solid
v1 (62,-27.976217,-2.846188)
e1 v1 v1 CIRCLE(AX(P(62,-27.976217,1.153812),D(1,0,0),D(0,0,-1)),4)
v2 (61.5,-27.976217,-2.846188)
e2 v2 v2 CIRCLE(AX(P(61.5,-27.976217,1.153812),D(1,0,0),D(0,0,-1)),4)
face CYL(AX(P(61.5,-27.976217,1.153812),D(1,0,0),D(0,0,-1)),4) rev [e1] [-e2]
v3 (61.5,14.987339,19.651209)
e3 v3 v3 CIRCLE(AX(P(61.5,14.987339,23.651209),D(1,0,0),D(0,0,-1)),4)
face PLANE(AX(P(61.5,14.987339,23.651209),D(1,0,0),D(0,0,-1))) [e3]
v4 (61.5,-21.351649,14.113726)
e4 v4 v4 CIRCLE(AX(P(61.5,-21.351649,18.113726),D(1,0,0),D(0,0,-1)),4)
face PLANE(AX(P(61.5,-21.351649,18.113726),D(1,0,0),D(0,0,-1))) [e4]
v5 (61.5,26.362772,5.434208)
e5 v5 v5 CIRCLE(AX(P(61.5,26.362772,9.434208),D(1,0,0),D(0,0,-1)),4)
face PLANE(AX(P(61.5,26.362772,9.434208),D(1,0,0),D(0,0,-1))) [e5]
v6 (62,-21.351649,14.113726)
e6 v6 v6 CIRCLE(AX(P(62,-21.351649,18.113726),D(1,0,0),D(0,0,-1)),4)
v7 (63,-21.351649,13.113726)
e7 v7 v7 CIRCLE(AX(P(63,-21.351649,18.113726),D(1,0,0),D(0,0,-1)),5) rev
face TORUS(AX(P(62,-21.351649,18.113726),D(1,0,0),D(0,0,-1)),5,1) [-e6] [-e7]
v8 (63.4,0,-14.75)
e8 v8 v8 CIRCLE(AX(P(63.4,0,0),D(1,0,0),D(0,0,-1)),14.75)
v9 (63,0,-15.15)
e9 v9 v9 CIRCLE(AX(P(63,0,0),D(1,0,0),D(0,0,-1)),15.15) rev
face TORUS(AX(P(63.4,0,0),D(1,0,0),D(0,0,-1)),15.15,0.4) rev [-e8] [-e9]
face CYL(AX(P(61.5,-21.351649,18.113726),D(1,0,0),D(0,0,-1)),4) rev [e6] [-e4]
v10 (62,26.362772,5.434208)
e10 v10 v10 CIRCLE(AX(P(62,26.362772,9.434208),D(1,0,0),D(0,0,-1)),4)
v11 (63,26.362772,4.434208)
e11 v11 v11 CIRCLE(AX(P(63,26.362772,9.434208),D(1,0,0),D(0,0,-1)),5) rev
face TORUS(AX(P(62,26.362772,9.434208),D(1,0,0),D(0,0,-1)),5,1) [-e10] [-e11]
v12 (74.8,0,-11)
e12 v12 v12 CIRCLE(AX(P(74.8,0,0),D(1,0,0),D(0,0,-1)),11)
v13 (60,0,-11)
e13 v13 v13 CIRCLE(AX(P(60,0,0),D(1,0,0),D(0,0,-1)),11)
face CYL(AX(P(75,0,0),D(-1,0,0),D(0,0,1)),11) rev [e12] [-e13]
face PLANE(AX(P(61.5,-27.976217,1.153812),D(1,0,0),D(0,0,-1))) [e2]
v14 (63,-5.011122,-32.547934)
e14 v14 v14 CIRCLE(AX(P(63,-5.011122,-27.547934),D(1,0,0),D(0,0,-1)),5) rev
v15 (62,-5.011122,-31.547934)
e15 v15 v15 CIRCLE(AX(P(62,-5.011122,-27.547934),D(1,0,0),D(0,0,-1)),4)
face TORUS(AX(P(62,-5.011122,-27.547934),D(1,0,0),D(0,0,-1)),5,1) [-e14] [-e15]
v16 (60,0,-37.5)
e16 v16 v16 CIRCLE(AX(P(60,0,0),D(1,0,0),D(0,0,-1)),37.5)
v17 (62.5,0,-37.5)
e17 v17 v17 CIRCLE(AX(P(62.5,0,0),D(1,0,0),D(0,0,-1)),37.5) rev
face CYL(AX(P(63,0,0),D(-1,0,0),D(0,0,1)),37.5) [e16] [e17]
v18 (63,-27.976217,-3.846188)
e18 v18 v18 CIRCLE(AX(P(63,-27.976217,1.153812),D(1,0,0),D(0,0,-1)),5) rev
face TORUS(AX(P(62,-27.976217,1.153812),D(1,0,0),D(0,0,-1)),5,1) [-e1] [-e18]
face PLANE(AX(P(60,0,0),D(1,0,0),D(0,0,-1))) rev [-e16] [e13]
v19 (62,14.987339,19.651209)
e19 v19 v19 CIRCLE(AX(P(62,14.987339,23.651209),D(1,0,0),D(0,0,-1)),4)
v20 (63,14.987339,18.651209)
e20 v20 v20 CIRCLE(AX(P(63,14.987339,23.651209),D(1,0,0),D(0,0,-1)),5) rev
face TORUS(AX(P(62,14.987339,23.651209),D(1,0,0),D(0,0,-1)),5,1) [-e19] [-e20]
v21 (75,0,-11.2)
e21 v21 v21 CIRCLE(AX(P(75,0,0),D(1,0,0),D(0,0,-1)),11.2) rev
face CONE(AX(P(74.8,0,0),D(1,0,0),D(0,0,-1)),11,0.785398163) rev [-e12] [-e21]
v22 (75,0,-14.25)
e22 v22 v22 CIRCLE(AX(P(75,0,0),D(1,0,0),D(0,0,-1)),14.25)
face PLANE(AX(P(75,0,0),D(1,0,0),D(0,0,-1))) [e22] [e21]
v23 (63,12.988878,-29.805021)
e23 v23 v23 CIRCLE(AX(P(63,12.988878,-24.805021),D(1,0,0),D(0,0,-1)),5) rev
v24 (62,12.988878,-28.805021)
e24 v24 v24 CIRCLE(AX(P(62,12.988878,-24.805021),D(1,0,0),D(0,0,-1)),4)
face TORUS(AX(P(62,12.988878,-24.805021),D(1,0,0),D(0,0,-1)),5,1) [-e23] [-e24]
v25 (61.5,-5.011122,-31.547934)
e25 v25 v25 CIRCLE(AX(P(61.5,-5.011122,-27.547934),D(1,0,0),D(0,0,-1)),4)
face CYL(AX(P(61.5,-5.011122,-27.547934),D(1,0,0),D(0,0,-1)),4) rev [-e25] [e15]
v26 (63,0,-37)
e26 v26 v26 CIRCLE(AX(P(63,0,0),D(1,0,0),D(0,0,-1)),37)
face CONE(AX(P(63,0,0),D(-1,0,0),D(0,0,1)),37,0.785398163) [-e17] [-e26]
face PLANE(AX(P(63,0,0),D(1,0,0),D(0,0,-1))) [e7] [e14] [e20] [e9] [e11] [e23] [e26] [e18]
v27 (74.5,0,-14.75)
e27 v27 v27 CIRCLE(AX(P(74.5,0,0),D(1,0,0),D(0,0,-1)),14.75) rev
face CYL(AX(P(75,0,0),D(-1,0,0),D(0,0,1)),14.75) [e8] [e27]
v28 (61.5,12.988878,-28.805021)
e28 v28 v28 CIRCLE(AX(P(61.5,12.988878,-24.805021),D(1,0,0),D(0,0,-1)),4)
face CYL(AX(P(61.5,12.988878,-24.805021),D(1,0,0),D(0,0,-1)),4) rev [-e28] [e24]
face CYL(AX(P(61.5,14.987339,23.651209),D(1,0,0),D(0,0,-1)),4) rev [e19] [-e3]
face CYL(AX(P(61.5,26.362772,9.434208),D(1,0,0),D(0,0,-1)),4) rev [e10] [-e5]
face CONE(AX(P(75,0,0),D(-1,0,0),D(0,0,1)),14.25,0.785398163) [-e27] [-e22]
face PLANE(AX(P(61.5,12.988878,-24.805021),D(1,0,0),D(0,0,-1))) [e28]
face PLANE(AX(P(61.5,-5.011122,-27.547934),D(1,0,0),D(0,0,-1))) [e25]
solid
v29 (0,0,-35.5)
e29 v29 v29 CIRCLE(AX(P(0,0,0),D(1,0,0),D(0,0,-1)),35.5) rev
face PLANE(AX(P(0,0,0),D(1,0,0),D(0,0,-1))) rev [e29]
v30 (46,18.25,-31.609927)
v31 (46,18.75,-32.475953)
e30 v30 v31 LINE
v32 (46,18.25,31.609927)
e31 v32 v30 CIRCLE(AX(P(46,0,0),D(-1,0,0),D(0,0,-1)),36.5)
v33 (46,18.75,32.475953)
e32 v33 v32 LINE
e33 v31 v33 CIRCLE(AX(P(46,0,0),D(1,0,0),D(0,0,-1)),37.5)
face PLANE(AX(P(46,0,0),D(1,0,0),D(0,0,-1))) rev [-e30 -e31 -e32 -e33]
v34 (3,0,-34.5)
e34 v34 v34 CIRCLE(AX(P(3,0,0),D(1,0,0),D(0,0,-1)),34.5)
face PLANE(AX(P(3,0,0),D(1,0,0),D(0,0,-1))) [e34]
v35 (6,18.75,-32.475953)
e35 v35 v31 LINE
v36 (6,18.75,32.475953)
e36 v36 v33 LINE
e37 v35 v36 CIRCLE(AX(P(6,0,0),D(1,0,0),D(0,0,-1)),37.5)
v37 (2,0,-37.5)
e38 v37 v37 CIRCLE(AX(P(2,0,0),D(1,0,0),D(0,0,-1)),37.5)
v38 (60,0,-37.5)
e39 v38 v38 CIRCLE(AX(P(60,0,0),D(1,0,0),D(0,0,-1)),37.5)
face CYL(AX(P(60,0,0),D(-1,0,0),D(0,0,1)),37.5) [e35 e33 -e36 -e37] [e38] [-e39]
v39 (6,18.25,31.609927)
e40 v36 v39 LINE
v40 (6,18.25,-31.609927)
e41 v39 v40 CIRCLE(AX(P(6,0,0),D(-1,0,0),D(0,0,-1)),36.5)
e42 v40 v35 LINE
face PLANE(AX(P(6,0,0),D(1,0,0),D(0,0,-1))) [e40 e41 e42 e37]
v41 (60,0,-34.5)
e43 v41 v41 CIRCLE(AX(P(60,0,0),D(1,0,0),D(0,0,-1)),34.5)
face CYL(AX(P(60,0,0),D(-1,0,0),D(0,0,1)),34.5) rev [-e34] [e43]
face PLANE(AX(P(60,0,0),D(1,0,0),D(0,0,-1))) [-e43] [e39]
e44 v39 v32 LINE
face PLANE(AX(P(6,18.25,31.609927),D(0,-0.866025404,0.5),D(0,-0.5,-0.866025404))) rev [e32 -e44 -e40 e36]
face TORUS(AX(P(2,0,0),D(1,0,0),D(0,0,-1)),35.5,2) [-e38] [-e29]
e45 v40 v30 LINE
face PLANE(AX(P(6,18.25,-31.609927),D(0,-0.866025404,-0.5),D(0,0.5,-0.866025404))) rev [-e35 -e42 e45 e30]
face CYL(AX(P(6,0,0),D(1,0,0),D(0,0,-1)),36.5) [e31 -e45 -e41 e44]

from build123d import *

# Parameters (mm, degrees)
SKETCH1_R           = 25
BOSS_EXTRUDE1_DEPTH = 40
SHELL1_T            = -2
SCALE9_SCALE        = 1.5
SKETCH2_R           = 37.5
BOSS_EXTRUDE2_DEPTH = 3
BOSS_EXTRUDE3_START = 3
SKETCH2_3_R         = 14.75
SKETCH2_3_R_2       = 11
BOSS_EXTRUDE3_DEPTH = 12
FILLET1_R           = 0.4
CHAMFER1_SIZE       = 0.5
CHAMFER2_SIZE       = 0.5
CHAMFER3_SIZE       = 0.2
FILLET2_R           = 2
SKETCH8_R           = 11
CUT_EXTRUDE2_DEPTH  = 10
SKETCH9_R           = 4
CUT_EXTRUDE3_DEPTH  = 1.5
FILLET3_R           = 1
FILLET4_R           = 1
FILLET5_R           = 1
CUT_EXTRUDE4_START  = -40
CUT_EXTRUDE4_DEPTH  = 40


with BuildPart() as part:
    # Sketch1 → Boss-Extrude1 (new body)
    with BuildSketch(Plane(origin=(0, 0, 0), x_dir=(0, 0, -1), z_dir=(1, 0, 0))):
        Circle(SKETCH1_R)
    extrude(amount=BOSS_EXTRUDE1_DEPTH)

    # Shell1
    shell1_openings = [part.faces().sort_by_distance(p)[0] for p in [
        (40, 0, 0),
    ]]
    offset(amount=SHELL1_T, openings=shell1_openings, kind=Kind.INTERSECTION)


with BuildPart() as part_1:
    # Scale9: scaled about (0, 0, 0)
    add(part.part.scale(SCALE9_SCALE))

    # Fillet2
    fillet2_edges = [part_1.edges().sort_by_distance(p)[0] for p in [
        (0, 0, 37.5),
    ]]
    fillet(fillet2_edges, radius=FILLET2_R)

    # Sketch11 → Cut-Extrude4 (cut)
    with BuildSketch(Plane(origin=(46, 0, 0), x_dir=(0, 0, -1), z_dir=(1, 0, 0)).offset(CUT_EXTRUDE4_START)):
        with BuildLine():
            Line((31.609927238, 18.25), (32.475952642, 18.75))
            ThreePointArc((32.475952642, 18.75), (0, 37.5), (-32.475952642, 18.75))
            Line((-32.475952642, 18.75), (-31.609927238, 18.25))
            ThreePointArc((-31.609927238, 18.25), (0, 36.5), (31.609927238, 18.25))
        make_face()
    extrude(amount=CUT_EXTRUDE4_DEPTH, mode=Mode.SUBTRACT)


with BuildPart() as body_2:
    # Sketch2 → Boss-Extrude2 (new body)
    with BuildSketch(Plane(origin=(60, 0, 0), x_dir=(0, 0, -1), z_dir=(1, 0, 0))):
        Circle(SKETCH2_R)
    extrude(amount=BOSS_EXTRUDE2_DEPTH)

    # Sketch2<3> → Boss-Extrude3 (add)
    with BuildSketch(Plane(origin=(60, 0, 0), x_dir=(0, 0, -1), z_dir=(1, 0, 0)).offset(BOSS_EXTRUDE3_START)):
        Circle(SKETCH2_3_R)
        Circle(SKETCH2_3_R_2, mode=Mode.SUBTRACT)
    extrude(amount=BOSS_EXTRUDE3_DEPTH)

    # Fillet1
    fillet1_edges = [body_2.edges().sort_by_distance(p)[0] for p in [
        (63, 0, 14.75),
    ]]
    fillet(fillet1_edges, radius=FILLET1_R)

    # Chamfer1
    chamfer1_edges = [body_2.edges().sort_by_distance(p)[0] for p in [
        (63, 0, 37.5),
    ]]
    chamfer(chamfer1_edges, length=CHAMFER1_SIZE)

    # Chamfer2
    chamfer2_edges = [body_2.edges().sort_by_distance(p)[0] for p in [
        (75, 0, 14.75),
    ]]
    chamfer(chamfer2_edges, length=CHAMFER2_SIZE)

    # Chamfer3
    chamfer3_edges = [body_2.edges().sort_by_distance(p)[0] for p in [
        (75, 0, 11),
    ]]
    chamfer(chamfer3_edges, length=CHAMFER3_SIZE)

    # Sketch8 → Cut-Extrude2 (cut)
    with BuildSketch(Plane(origin=(63, 0, 0), x_dir=(0, 0, -1), z_dir=(1, 0, 0))):
        Circle(SKETCH8_R)
    extrude(amount=-CUT_EXTRUDE2_DEPTH, mode=Mode.SUBTRACT)

    # Sketch9 → Cut-Extrude3 (cut)
    with BuildSketch(Plane(origin=(63, 0, 0), x_dir=(0, 0, -1), z_dir=(1, 0, 0))):
        with Locations((27.547933766, -5.01112215)):
            Circle(SKETCH9_R)
        with Locations((-18.113725967, -21.351649388)):
            Circle(SKETCH9_R)
        with Locations((-9.4342078, 26.362771539)):
            Circle(SKETCH9_R)
        with Locations((24.805020706, 12.98887785)):
            Circle(SKETCH9_R)
        with Locations((-1.153812168, -27.976216997)):
            Circle(SKETCH9_R)
        with Locations((-23.651208537, 14.987339148)):
            Circle(SKETCH9_R)
    extrude(amount=-CUT_EXTRUDE3_DEPTH, mode=Mode.SUBTRACT)

    # Fillet3
    fillet3_edges = [body_2.edges().sort_by_distance(p)[0] for p in [
        (63, -5.01112215, -23.547933766),
    ]]
    fillet(fillet3_edges, radius=FILLET3_R)

    # Fillet4
    fillet4_edges = [body_2.edges().sort_by_distance(p)[0] for p in [
        (63, -21.351649388, 22.113725967),
        (63, 26.362771539, 13.4342078),
    ]]
    fillet(fillet4_edges, radius=FILLET4_R)

    # Fillet5
    fillet5_edges = [body_2.edges().sort_by_distance(p)[0] for p in [
        (63, 14.987339148, 27.651208537),
        (63, -27.976216997, 5.153812168),
        (63, 12.98887785, -20.805020706),
    ]]
    fillet(fillet5_edges, radius=FILLET5_R)


solid = Compound([part_1.part, body_2.part])
